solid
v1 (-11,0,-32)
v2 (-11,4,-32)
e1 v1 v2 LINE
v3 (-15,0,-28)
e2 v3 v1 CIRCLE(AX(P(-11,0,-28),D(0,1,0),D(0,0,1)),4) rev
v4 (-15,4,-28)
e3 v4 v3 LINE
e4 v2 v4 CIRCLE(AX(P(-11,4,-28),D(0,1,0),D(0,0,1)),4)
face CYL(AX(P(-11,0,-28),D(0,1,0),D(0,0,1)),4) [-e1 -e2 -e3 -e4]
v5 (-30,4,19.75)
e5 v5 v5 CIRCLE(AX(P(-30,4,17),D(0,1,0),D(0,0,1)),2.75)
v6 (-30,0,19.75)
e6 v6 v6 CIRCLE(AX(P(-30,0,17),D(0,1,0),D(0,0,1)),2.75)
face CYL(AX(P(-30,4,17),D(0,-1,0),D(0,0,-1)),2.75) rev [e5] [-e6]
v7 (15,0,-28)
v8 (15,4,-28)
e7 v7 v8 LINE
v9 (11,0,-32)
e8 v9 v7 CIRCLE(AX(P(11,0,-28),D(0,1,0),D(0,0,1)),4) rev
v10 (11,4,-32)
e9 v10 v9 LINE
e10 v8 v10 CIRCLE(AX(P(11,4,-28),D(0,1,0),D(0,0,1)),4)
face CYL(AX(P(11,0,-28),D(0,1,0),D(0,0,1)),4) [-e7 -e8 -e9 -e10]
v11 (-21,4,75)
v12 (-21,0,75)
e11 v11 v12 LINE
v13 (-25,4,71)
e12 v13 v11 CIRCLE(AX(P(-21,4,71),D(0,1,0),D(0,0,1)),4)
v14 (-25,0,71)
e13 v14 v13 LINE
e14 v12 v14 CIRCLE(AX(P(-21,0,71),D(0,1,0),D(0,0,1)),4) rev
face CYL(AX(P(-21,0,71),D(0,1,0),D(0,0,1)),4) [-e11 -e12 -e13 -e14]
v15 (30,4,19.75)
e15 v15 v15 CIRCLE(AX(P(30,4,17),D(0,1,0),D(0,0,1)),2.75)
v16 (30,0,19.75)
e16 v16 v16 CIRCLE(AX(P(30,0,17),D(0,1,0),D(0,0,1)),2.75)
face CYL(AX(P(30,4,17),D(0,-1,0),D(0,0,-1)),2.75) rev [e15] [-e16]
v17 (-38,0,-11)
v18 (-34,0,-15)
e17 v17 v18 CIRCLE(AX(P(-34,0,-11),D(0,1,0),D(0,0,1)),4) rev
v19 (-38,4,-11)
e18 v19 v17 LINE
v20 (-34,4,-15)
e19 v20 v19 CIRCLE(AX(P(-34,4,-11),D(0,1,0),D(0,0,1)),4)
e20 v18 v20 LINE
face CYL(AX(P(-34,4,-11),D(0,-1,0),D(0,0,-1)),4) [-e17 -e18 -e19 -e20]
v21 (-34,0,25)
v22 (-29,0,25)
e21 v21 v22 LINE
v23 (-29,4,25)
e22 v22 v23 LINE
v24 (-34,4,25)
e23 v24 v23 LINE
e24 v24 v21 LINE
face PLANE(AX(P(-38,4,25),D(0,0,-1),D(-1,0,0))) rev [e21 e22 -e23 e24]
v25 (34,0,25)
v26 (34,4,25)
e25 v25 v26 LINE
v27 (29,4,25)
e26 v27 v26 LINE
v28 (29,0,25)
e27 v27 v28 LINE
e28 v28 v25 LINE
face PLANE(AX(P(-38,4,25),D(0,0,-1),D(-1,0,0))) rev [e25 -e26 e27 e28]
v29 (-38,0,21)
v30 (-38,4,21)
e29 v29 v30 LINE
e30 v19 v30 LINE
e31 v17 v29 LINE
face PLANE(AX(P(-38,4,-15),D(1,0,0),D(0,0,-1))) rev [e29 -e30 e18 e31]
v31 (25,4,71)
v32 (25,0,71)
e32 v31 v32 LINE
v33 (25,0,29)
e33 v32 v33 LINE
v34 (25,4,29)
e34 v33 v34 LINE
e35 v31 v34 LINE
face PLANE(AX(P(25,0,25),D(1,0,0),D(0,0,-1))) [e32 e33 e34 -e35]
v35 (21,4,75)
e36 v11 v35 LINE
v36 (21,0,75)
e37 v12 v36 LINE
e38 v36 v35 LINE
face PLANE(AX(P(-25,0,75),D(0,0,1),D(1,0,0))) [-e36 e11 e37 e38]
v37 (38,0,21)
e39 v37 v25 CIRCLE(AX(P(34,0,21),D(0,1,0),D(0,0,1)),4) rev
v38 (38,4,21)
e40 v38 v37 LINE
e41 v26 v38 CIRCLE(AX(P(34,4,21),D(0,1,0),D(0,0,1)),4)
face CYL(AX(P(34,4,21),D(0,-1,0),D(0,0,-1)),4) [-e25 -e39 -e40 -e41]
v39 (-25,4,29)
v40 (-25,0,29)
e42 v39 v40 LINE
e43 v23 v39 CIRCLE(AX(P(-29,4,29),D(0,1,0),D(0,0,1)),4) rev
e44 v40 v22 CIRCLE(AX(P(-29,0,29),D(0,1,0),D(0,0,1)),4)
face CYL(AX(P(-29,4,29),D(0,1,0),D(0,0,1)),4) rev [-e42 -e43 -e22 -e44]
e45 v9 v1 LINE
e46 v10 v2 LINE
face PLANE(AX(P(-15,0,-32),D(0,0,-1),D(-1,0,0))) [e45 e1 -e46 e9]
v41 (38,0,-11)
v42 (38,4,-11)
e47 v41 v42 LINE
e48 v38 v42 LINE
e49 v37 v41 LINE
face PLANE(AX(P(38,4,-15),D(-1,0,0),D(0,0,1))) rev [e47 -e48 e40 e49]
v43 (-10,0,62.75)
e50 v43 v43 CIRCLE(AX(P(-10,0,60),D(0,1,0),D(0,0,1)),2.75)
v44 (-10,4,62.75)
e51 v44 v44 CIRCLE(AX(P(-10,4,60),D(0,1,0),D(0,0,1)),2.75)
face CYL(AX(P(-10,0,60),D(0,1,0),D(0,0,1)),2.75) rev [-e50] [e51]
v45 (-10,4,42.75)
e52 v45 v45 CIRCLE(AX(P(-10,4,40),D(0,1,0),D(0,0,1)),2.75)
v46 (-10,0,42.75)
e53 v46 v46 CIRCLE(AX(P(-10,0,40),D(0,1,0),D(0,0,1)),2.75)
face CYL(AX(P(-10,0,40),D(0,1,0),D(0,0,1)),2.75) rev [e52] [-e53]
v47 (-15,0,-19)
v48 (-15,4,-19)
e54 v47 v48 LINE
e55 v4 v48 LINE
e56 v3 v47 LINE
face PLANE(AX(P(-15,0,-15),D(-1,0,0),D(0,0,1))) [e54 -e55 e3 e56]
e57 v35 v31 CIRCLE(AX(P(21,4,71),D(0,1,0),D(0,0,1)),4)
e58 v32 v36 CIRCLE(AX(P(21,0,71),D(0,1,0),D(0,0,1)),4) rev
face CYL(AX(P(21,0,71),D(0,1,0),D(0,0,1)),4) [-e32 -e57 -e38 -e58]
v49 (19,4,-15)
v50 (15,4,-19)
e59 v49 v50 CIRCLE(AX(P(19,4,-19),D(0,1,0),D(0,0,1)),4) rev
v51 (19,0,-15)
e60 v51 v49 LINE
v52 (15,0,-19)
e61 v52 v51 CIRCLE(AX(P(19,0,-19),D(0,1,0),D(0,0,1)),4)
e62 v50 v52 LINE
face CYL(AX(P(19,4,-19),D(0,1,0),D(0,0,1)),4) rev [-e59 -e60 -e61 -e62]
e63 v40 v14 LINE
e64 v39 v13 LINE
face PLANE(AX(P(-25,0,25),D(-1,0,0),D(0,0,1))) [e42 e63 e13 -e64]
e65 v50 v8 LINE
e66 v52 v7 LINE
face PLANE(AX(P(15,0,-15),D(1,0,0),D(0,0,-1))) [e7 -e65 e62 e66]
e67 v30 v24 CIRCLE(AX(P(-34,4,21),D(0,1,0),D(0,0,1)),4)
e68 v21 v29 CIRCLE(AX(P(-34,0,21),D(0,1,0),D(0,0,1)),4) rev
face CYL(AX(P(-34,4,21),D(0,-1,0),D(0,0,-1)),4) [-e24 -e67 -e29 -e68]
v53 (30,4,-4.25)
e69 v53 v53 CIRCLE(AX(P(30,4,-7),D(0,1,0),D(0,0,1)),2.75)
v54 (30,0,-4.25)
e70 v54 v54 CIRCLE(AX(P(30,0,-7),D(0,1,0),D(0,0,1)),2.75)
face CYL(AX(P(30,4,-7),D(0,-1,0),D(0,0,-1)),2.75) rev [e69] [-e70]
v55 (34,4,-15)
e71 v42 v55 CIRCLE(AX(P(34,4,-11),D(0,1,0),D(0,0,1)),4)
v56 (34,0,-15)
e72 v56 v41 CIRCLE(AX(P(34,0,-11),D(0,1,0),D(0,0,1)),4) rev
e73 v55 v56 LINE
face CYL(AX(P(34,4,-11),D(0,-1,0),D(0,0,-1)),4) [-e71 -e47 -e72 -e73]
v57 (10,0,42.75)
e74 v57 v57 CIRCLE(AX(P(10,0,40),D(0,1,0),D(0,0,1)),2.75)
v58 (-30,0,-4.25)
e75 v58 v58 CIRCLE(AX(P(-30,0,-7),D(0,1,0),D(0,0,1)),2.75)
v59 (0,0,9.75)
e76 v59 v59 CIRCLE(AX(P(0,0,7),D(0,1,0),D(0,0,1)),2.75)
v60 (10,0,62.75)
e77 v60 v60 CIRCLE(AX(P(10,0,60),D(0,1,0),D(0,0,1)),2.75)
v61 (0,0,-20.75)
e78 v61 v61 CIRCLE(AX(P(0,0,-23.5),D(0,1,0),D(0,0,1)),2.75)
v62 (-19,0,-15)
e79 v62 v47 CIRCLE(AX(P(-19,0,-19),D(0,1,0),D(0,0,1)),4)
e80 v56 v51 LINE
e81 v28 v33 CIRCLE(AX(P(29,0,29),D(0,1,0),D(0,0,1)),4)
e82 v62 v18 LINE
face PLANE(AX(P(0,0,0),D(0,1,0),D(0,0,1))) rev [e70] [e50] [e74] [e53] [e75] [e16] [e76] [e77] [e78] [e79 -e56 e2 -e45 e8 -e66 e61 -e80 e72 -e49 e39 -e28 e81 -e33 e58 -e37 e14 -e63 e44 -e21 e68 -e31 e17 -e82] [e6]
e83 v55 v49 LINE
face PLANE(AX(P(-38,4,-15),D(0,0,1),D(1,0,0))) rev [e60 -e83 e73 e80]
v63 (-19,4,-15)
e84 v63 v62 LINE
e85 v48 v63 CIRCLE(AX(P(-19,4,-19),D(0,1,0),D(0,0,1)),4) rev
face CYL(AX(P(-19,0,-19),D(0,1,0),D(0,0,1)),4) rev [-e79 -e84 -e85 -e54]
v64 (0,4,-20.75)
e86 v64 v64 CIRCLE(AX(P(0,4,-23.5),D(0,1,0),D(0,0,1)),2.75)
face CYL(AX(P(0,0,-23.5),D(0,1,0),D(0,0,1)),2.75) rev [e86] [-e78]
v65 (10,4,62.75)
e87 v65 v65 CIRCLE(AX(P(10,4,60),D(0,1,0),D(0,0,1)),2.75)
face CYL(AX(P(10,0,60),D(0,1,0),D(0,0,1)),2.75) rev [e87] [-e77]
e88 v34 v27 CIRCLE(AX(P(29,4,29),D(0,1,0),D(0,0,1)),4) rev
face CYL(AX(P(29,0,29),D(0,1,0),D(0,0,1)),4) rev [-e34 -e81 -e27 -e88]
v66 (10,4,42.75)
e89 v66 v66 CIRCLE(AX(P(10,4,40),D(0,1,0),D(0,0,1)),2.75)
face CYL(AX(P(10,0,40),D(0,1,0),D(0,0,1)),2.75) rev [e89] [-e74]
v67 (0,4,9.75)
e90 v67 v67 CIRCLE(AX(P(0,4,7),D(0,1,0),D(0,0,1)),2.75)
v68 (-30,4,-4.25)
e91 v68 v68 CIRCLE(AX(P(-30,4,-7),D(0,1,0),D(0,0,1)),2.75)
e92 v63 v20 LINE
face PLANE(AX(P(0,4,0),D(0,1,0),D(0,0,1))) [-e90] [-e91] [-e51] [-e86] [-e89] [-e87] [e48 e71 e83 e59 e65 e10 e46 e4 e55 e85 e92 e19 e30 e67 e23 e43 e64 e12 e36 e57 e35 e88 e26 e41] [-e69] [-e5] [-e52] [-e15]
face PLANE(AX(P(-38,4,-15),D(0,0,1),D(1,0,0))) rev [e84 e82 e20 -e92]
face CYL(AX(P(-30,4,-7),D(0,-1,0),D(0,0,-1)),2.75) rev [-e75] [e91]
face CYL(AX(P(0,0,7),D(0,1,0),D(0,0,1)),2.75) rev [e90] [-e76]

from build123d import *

# Parameters (mm, degrees)
SKETCH1_W           = 76
SKETCH1_H           = 40
SKETCH1_R           = 2.75
BOSS_EXTRUDE1_DEPTH = 4
SKETCH2_W           = 50
SKETCH2_H           = 50
SKETCH2_W_2         = 30
SKETCH2_H_2         = 17
BOSS_EXTRUDE2_DEPTH = 4
SKETCH3_R           = 2.75
CUT_EXTRUDE1_DEPTH  = 4
FILLET1_R           = 4


with BuildPart() as part:
    # Sketch1 → Boss-Extrude1 (new body)
    with BuildSketch(Plane(origin=(0, 0, 0), x_dir=(1, 0, 0), z_dir=(0, 1, 0))):
        with Locations((0, -5)):
            Rectangle(SKETCH1_W, SKETCH1_H)
        with Locations((-30, 7)):
            Circle(SKETCH1_R, mode=Mode.SUBTRACT)
        with Locations((30, 7)):
            Circle(SKETCH1_R, mode=Mode.SUBTRACT)
        with Locations((-30, -17)):
            Circle(SKETCH1_R, mode=Mode.SUBTRACT)
        with Locations((30, -17)):
            Circle(SKETCH1_R, mode=Mode.SUBTRACT)
    extrude(amount=BOSS_EXTRUDE1_DEPTH)

    # Sketch2 → Boss-Extrude2 (add)
    with BuildSketch(Plane(origin=(0, 4, 0), x_dir=(1, 0, 0), z_dir=(0, 1, 0))):
        with Locations((0, -50)):
            Rectangle(SKETCH2_W, SKETCH2_H)
        with Locations((0, 23.5)):
            Rectangle(SKETCH2_W_2, SKETCH2_H_2)
    extrude(amount=-BOSS_EXTRUDE2_DEPTH)

    # Sketch3 → Cut-Extrude1 (cut)
    with BuildSketch(Plane(origin=(0, 4, 0), x_dir=(1, 0, 0), z_dir=(0, 1, 0))):
        with Locations((0, 23.5)):
            Circle(SKETCH3_R)
        with Locations((0, -7)):
            Circle(SKETCH3_R)
        with Locations((-10, -40)):
            Circle(SKETCH3_R)
        with Locations((10, -40)):
            Circle(SKETCH3_R)
        with Locations((-10, -60)):
            Circle(SKETCH3_R)
        with Locations((10, -60)):
            Circle(SKETCH3_R)
    extrude(amount=-CUT_EXTRUDE1_DEPTH, mode=Mode.SUBTRACT)

    # Fillet1
    fillet1_edges = [part.edges().sort_by_distance(p)[0] for p in [
        (-25, 2, 75),
        (25, 2, 75),
        (25, 2, 25),
        (38, 2, 25),
        (38, 2, -15),
        (-38, 2, -15),
        (-38, 2, 25),
        (-25, 2, 25),
        (15, 2, -15),
        (15, 2, -32),
        (-15, 2, -32),
        (-15, 2, -15),
    ]]
    fillet(fillet1_edges, radius=FILLET1_R)


solid = part.part
